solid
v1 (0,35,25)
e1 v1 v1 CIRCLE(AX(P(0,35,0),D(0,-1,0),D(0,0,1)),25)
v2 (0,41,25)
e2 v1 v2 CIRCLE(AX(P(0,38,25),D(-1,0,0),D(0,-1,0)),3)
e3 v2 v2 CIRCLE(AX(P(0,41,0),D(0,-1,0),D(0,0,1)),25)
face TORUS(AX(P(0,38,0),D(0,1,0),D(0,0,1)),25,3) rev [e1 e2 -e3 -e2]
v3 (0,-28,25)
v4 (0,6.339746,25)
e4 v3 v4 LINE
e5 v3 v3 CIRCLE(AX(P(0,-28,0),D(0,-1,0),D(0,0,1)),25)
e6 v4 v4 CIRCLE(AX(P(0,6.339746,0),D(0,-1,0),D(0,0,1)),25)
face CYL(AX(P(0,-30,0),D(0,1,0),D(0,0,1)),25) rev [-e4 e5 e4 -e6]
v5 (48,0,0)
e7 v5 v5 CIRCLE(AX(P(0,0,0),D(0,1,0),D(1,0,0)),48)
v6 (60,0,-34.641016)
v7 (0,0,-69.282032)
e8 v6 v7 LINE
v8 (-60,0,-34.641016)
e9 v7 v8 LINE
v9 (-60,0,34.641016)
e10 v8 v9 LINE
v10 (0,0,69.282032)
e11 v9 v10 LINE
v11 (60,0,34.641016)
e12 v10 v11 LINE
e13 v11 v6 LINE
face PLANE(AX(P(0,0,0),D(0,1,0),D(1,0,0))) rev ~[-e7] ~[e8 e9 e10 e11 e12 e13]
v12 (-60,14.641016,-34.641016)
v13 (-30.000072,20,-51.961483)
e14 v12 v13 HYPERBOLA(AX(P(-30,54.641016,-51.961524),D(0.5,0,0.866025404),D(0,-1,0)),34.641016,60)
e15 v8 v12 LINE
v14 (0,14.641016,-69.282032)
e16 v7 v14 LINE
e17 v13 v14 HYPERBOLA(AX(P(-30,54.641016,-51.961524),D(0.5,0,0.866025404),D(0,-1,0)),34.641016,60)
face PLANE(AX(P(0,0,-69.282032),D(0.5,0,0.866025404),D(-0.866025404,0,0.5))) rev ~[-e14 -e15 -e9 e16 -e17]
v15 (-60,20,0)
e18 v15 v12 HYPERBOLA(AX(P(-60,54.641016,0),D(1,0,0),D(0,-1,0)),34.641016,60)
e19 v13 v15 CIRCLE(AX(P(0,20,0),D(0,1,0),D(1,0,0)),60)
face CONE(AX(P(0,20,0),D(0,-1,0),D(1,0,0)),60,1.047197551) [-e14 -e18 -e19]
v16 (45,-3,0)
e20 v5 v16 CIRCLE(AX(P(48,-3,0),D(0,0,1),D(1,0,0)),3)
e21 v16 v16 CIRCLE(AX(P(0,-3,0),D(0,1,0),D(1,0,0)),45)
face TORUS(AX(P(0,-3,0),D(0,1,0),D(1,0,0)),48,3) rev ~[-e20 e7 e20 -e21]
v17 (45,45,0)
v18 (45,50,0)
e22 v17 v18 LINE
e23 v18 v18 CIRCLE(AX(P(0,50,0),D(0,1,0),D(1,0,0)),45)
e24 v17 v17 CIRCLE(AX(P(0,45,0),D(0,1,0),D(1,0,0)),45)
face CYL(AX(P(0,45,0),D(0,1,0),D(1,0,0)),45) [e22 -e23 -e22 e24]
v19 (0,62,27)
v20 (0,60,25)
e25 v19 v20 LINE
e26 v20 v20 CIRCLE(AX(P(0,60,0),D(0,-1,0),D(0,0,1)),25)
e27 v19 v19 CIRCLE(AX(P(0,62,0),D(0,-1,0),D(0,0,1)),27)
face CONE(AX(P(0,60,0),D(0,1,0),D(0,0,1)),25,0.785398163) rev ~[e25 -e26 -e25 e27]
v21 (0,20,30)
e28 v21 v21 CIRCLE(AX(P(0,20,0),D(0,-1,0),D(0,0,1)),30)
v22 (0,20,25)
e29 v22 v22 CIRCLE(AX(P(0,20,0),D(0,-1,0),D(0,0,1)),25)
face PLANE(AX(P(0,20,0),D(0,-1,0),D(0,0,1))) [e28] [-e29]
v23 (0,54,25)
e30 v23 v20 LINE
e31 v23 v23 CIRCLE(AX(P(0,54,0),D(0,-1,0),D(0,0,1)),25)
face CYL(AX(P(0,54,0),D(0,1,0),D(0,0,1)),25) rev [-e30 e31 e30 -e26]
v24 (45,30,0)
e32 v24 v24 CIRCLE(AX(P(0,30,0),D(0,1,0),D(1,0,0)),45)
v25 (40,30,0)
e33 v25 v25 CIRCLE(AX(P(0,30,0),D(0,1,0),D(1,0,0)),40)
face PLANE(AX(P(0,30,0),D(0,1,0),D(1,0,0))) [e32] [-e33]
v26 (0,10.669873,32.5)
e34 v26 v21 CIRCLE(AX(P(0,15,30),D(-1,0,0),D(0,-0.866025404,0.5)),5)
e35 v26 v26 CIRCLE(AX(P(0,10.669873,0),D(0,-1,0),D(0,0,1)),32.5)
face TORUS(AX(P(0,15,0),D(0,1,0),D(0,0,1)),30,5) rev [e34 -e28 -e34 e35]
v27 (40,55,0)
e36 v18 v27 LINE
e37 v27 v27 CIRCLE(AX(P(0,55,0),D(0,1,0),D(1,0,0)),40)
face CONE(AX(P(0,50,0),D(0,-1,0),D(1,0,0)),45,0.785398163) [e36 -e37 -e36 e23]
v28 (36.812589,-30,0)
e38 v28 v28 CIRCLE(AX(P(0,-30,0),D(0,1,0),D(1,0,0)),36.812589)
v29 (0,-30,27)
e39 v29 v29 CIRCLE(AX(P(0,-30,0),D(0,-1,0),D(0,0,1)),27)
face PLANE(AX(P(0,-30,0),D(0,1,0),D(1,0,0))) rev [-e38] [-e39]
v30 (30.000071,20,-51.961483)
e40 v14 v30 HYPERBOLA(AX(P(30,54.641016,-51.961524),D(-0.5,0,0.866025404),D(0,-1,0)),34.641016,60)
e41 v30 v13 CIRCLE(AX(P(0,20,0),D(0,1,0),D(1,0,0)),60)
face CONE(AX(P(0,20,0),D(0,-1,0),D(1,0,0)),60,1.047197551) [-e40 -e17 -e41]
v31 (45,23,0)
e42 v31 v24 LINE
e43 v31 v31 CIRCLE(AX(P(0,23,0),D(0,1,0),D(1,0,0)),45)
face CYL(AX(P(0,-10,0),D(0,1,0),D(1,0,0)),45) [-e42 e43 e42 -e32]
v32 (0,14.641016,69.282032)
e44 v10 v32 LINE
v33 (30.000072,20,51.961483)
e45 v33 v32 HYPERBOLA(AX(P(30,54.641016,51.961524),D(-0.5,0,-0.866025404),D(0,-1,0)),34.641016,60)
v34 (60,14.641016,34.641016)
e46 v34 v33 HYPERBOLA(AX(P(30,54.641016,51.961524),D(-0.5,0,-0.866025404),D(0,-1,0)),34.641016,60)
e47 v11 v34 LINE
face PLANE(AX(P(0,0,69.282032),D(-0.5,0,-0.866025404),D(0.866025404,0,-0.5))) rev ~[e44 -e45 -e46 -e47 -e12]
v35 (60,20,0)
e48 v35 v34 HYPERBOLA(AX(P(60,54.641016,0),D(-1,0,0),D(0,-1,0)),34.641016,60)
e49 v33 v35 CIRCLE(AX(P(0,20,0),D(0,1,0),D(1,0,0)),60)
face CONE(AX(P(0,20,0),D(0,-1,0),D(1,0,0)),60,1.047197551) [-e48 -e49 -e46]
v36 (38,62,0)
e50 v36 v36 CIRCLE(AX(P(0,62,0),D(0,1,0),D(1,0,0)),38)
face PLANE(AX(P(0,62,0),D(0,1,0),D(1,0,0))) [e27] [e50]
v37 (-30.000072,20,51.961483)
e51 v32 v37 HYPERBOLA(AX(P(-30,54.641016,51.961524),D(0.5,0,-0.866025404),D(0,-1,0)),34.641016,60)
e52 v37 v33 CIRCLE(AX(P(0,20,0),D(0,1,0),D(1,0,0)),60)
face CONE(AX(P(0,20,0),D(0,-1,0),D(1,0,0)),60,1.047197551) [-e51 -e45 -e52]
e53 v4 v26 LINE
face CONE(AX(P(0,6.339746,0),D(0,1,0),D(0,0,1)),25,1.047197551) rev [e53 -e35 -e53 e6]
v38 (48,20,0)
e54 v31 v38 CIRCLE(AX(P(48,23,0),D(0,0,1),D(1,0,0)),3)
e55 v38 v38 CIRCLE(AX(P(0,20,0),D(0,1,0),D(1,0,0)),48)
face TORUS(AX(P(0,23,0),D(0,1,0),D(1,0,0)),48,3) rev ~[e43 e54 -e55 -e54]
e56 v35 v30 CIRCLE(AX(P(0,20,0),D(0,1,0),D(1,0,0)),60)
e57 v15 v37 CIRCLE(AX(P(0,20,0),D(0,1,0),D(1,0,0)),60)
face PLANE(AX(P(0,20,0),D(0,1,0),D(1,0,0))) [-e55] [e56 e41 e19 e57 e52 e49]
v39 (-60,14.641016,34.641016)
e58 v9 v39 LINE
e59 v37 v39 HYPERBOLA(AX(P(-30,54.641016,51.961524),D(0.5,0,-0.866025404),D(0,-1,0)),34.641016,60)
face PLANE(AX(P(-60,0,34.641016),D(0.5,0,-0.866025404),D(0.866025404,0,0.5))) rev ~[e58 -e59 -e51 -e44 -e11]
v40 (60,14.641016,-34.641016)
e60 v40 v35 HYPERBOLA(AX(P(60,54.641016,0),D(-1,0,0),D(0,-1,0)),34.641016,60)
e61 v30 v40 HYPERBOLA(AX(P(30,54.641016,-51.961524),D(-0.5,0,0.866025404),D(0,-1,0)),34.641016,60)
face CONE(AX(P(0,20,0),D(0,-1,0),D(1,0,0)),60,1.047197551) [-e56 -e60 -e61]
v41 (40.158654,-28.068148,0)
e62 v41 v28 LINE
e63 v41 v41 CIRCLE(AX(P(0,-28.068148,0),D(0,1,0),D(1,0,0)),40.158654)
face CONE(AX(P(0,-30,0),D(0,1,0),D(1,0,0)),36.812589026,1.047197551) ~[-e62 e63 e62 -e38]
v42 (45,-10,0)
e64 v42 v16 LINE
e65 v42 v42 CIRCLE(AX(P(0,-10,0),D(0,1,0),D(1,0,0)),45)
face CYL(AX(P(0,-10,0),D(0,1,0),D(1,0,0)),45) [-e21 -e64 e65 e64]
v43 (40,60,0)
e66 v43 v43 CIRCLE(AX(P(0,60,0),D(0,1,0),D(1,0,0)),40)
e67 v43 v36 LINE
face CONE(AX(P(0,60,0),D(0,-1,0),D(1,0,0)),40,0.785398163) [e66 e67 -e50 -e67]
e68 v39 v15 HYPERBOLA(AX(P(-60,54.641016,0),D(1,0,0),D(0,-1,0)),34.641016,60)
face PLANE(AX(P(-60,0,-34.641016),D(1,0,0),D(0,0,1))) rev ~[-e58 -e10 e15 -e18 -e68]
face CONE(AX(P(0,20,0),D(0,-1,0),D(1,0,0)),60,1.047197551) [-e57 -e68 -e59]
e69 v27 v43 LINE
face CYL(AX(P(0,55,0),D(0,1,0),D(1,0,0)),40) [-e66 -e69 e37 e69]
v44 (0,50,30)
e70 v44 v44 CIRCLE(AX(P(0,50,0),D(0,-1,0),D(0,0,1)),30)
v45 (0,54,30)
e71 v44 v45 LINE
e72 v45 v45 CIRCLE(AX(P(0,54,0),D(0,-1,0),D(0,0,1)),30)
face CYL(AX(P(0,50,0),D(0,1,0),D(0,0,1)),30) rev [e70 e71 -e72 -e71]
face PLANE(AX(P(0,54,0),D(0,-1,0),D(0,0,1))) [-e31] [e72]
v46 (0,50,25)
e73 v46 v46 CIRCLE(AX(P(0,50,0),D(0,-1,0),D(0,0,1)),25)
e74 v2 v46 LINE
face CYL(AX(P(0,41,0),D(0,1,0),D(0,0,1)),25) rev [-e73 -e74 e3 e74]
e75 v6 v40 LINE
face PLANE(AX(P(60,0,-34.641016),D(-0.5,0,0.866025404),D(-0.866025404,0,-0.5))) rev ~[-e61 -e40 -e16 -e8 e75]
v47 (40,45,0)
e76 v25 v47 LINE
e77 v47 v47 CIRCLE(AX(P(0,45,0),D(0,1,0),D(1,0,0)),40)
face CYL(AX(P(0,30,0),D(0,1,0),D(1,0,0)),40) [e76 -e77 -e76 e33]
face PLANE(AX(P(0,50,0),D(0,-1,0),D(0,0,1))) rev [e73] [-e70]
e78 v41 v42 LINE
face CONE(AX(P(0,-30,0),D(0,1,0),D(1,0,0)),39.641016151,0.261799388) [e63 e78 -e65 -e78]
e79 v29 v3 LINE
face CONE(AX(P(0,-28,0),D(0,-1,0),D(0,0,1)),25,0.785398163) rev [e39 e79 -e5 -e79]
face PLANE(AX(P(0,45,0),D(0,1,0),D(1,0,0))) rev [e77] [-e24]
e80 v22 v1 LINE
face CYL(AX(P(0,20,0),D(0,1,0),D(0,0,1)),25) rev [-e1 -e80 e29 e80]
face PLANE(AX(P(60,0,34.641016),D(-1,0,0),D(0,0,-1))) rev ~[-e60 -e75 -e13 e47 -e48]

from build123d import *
from OCP.BRepFilletAPI import BRepFilletAPI_MakeChamfer

# Parameters (mm, degrees)
BOSS_EXTRUDE1_DEPTH = 20
SKETCH5_OUTSIDE_W   = 232.302
SKETCH5_OUTSIDE_H   = 250.866
SKETCH5_OUTSIDE_R   = 60
CUT_EXTRUDE1_DEPTH  = 20
CUT_EXTRUDE1_DRAFT  = -60
FILLET1_R           = 3
CHAMFER1_SIZE       = 2
CHAMFER1_SIZE2      = 2.828427125


with BuildPart() as part:
    # Sketch1 → Boss-Extrude1 (new body)
    with BuildSketch(Plane(origin=(0, 0, 0), x_dir=(1, 0, 0), z_dir=(0, 1, 0))):
        Polygon((0, 69.282032303), (-60, 34.641016151), (-60, -34.641016151), (0, -69.282032303), (60, -34.641016151), (60, 34.641016151), align=None)
    extrude(amount=BOSS_EXTRUDE1_DEPTH)

    # Sketch2 → Revolve1 (revolve)
    with BuildSketch(Plane.XY):
        Polygon((45, 50), (40, 55), (40, 62), (0, 62), (0, 20), (45, 20), (45, 30), (40, 30), (40, 45), (45, 45), align=None)
        Polygon((0, 20), (0, -30), (39.641016151, -30), (45, -10), (45, 20), align=None)
    revolve(axis=Axis((0, 20, 0), (0, 1, 0)))

    # Sketch3 → Cut-Revolve1 (revolve, cut)
    with BuildSketch(Plane.XY, mode=Mode.PRIVATE) as cut_revolve1_sk:
        with BuildLine():
            Line((25, 20), (25, 35))
            ThreePointArc((25, 35), (28, 38), (25, 41))
            Line((25, 41), (25, 50))
            Line((25, 50), (30, 50))
            Line((30, 50), (30, 54))
            Line((30, 54), (25, 54))
            Line((25, 54), (25, 62))
            Line((25, 62), (0, 62))
            Line((0, 62), (0, -30))
            Line((0, -30), (25, -30))
            Line((25, -30), (25, 6.339745962))
            Line((25, 6.339745962), (32.5, 10.669872981))
            ThreePointArc((32.5, 10.669872981), (34.829629131, 16.294095226), (30, 20))
            Line((30, 20), (25, 20))
        make_face()
    revolve(cut_revolve1_sk.sketch.rotate(Axis((0, 62, 0), (0, -1, 0)), 90), axis=Axis((0, 62, 0), (0, -1, 0)), mode=Mode.SUBTRACT)


with BuildPart() as cut_extrude1_tool:
    # Sketch5 outside → Cut-Extrude1 (with draft: the straight prism first)
    with BuildSketch(Plane(origin=(0, 20, 0), x_dir=(1, 0, 0), z_dir=(0, 1, 0))):
        Rectangle(SKETCH5_OUTSIDE_W, SKETCH5_OUTSIDE_H)
        Circle(SKETCH5_OUTSIDE_R, mode=Mode.SUBTRACT)
    extrude(amount=-CUT_EXTRUDE1_DEPTH)
    # Cut-Extrude1: the draft: its side faces are tilted about the plane it starts from
    cut_extrude1_sides = [cut_extrude1_tool.faces().sort_by_distance(p)[0] for p in [
        (0, 10, 125.433),
        (116.151, 10, 0),
        (0, 10, -125.433),
        (-116.151, 10, 0),
        (-60, 10, 0),
    ]]
    draft(cut_extrude1_sides, Plane(origin=(0, 20, 0), x_dir=(1, 0, 0), z_dir=(0, 1, 0)), CUT_EXTRUDE1_DRAFT)


with BuildPart() as part_1:
    add(part.part)

    # Cut-Extrude1: cut by cut_extrude1_tool
    add(cut_extrude1_tool.part, mode=Mode.SUBTRACT)

    # Fillet1
    fillet1_edges = [part_1.edges().sort_by_distance(p)[0] for p in [
        (-45, 20, 0),
        (-45, 0, 0),
    ]]
    fillet(fillet1_edges, radius=FILLET1_R)

    # Chamfer1: one chamfer whose edges measure the first distance from different faces: ONE call of the kernel's chamfer builder (chamfer() names one face for all edges)
    chamfer1_edges_1 = [part_1.edges().sort_by_distance(p)[0] for p in [
        (-40, 62, 0),
        (0, 62, -25),
        (0, -30, -25),
    ]]
    chamfer1_edges_2 = [part_1.edges().sort_by_distance(p)[0] for p in [
        (-39.641016151, -30, 0),
    ]]
    chamfer1_side_2 = [part_1.faces().sort_by_distance(p)[0] for p in [
        (-42.320508076, -20, 0),
    ]]
    chamfer1 = BRepFilletAPI_MakeChamfer(part_1.part.solid().wrapped)
    for e in chamfer1_edges_1:
        chamfer1.Add(CHAMFER1_SIZE, e.wrapped)
    for e in chamfer1_edges_2:
        chamfer1.Add(CHAMFER1_SIZE, CHAMFER1_SIZE2, e.wrapped, chamfer1_side_2[0].wrapped)  # the first distance lies on this face
    add(Compound.cast(chamfer1.Shape()), mode=Mode.REPLACE)


solid = part_1.part
